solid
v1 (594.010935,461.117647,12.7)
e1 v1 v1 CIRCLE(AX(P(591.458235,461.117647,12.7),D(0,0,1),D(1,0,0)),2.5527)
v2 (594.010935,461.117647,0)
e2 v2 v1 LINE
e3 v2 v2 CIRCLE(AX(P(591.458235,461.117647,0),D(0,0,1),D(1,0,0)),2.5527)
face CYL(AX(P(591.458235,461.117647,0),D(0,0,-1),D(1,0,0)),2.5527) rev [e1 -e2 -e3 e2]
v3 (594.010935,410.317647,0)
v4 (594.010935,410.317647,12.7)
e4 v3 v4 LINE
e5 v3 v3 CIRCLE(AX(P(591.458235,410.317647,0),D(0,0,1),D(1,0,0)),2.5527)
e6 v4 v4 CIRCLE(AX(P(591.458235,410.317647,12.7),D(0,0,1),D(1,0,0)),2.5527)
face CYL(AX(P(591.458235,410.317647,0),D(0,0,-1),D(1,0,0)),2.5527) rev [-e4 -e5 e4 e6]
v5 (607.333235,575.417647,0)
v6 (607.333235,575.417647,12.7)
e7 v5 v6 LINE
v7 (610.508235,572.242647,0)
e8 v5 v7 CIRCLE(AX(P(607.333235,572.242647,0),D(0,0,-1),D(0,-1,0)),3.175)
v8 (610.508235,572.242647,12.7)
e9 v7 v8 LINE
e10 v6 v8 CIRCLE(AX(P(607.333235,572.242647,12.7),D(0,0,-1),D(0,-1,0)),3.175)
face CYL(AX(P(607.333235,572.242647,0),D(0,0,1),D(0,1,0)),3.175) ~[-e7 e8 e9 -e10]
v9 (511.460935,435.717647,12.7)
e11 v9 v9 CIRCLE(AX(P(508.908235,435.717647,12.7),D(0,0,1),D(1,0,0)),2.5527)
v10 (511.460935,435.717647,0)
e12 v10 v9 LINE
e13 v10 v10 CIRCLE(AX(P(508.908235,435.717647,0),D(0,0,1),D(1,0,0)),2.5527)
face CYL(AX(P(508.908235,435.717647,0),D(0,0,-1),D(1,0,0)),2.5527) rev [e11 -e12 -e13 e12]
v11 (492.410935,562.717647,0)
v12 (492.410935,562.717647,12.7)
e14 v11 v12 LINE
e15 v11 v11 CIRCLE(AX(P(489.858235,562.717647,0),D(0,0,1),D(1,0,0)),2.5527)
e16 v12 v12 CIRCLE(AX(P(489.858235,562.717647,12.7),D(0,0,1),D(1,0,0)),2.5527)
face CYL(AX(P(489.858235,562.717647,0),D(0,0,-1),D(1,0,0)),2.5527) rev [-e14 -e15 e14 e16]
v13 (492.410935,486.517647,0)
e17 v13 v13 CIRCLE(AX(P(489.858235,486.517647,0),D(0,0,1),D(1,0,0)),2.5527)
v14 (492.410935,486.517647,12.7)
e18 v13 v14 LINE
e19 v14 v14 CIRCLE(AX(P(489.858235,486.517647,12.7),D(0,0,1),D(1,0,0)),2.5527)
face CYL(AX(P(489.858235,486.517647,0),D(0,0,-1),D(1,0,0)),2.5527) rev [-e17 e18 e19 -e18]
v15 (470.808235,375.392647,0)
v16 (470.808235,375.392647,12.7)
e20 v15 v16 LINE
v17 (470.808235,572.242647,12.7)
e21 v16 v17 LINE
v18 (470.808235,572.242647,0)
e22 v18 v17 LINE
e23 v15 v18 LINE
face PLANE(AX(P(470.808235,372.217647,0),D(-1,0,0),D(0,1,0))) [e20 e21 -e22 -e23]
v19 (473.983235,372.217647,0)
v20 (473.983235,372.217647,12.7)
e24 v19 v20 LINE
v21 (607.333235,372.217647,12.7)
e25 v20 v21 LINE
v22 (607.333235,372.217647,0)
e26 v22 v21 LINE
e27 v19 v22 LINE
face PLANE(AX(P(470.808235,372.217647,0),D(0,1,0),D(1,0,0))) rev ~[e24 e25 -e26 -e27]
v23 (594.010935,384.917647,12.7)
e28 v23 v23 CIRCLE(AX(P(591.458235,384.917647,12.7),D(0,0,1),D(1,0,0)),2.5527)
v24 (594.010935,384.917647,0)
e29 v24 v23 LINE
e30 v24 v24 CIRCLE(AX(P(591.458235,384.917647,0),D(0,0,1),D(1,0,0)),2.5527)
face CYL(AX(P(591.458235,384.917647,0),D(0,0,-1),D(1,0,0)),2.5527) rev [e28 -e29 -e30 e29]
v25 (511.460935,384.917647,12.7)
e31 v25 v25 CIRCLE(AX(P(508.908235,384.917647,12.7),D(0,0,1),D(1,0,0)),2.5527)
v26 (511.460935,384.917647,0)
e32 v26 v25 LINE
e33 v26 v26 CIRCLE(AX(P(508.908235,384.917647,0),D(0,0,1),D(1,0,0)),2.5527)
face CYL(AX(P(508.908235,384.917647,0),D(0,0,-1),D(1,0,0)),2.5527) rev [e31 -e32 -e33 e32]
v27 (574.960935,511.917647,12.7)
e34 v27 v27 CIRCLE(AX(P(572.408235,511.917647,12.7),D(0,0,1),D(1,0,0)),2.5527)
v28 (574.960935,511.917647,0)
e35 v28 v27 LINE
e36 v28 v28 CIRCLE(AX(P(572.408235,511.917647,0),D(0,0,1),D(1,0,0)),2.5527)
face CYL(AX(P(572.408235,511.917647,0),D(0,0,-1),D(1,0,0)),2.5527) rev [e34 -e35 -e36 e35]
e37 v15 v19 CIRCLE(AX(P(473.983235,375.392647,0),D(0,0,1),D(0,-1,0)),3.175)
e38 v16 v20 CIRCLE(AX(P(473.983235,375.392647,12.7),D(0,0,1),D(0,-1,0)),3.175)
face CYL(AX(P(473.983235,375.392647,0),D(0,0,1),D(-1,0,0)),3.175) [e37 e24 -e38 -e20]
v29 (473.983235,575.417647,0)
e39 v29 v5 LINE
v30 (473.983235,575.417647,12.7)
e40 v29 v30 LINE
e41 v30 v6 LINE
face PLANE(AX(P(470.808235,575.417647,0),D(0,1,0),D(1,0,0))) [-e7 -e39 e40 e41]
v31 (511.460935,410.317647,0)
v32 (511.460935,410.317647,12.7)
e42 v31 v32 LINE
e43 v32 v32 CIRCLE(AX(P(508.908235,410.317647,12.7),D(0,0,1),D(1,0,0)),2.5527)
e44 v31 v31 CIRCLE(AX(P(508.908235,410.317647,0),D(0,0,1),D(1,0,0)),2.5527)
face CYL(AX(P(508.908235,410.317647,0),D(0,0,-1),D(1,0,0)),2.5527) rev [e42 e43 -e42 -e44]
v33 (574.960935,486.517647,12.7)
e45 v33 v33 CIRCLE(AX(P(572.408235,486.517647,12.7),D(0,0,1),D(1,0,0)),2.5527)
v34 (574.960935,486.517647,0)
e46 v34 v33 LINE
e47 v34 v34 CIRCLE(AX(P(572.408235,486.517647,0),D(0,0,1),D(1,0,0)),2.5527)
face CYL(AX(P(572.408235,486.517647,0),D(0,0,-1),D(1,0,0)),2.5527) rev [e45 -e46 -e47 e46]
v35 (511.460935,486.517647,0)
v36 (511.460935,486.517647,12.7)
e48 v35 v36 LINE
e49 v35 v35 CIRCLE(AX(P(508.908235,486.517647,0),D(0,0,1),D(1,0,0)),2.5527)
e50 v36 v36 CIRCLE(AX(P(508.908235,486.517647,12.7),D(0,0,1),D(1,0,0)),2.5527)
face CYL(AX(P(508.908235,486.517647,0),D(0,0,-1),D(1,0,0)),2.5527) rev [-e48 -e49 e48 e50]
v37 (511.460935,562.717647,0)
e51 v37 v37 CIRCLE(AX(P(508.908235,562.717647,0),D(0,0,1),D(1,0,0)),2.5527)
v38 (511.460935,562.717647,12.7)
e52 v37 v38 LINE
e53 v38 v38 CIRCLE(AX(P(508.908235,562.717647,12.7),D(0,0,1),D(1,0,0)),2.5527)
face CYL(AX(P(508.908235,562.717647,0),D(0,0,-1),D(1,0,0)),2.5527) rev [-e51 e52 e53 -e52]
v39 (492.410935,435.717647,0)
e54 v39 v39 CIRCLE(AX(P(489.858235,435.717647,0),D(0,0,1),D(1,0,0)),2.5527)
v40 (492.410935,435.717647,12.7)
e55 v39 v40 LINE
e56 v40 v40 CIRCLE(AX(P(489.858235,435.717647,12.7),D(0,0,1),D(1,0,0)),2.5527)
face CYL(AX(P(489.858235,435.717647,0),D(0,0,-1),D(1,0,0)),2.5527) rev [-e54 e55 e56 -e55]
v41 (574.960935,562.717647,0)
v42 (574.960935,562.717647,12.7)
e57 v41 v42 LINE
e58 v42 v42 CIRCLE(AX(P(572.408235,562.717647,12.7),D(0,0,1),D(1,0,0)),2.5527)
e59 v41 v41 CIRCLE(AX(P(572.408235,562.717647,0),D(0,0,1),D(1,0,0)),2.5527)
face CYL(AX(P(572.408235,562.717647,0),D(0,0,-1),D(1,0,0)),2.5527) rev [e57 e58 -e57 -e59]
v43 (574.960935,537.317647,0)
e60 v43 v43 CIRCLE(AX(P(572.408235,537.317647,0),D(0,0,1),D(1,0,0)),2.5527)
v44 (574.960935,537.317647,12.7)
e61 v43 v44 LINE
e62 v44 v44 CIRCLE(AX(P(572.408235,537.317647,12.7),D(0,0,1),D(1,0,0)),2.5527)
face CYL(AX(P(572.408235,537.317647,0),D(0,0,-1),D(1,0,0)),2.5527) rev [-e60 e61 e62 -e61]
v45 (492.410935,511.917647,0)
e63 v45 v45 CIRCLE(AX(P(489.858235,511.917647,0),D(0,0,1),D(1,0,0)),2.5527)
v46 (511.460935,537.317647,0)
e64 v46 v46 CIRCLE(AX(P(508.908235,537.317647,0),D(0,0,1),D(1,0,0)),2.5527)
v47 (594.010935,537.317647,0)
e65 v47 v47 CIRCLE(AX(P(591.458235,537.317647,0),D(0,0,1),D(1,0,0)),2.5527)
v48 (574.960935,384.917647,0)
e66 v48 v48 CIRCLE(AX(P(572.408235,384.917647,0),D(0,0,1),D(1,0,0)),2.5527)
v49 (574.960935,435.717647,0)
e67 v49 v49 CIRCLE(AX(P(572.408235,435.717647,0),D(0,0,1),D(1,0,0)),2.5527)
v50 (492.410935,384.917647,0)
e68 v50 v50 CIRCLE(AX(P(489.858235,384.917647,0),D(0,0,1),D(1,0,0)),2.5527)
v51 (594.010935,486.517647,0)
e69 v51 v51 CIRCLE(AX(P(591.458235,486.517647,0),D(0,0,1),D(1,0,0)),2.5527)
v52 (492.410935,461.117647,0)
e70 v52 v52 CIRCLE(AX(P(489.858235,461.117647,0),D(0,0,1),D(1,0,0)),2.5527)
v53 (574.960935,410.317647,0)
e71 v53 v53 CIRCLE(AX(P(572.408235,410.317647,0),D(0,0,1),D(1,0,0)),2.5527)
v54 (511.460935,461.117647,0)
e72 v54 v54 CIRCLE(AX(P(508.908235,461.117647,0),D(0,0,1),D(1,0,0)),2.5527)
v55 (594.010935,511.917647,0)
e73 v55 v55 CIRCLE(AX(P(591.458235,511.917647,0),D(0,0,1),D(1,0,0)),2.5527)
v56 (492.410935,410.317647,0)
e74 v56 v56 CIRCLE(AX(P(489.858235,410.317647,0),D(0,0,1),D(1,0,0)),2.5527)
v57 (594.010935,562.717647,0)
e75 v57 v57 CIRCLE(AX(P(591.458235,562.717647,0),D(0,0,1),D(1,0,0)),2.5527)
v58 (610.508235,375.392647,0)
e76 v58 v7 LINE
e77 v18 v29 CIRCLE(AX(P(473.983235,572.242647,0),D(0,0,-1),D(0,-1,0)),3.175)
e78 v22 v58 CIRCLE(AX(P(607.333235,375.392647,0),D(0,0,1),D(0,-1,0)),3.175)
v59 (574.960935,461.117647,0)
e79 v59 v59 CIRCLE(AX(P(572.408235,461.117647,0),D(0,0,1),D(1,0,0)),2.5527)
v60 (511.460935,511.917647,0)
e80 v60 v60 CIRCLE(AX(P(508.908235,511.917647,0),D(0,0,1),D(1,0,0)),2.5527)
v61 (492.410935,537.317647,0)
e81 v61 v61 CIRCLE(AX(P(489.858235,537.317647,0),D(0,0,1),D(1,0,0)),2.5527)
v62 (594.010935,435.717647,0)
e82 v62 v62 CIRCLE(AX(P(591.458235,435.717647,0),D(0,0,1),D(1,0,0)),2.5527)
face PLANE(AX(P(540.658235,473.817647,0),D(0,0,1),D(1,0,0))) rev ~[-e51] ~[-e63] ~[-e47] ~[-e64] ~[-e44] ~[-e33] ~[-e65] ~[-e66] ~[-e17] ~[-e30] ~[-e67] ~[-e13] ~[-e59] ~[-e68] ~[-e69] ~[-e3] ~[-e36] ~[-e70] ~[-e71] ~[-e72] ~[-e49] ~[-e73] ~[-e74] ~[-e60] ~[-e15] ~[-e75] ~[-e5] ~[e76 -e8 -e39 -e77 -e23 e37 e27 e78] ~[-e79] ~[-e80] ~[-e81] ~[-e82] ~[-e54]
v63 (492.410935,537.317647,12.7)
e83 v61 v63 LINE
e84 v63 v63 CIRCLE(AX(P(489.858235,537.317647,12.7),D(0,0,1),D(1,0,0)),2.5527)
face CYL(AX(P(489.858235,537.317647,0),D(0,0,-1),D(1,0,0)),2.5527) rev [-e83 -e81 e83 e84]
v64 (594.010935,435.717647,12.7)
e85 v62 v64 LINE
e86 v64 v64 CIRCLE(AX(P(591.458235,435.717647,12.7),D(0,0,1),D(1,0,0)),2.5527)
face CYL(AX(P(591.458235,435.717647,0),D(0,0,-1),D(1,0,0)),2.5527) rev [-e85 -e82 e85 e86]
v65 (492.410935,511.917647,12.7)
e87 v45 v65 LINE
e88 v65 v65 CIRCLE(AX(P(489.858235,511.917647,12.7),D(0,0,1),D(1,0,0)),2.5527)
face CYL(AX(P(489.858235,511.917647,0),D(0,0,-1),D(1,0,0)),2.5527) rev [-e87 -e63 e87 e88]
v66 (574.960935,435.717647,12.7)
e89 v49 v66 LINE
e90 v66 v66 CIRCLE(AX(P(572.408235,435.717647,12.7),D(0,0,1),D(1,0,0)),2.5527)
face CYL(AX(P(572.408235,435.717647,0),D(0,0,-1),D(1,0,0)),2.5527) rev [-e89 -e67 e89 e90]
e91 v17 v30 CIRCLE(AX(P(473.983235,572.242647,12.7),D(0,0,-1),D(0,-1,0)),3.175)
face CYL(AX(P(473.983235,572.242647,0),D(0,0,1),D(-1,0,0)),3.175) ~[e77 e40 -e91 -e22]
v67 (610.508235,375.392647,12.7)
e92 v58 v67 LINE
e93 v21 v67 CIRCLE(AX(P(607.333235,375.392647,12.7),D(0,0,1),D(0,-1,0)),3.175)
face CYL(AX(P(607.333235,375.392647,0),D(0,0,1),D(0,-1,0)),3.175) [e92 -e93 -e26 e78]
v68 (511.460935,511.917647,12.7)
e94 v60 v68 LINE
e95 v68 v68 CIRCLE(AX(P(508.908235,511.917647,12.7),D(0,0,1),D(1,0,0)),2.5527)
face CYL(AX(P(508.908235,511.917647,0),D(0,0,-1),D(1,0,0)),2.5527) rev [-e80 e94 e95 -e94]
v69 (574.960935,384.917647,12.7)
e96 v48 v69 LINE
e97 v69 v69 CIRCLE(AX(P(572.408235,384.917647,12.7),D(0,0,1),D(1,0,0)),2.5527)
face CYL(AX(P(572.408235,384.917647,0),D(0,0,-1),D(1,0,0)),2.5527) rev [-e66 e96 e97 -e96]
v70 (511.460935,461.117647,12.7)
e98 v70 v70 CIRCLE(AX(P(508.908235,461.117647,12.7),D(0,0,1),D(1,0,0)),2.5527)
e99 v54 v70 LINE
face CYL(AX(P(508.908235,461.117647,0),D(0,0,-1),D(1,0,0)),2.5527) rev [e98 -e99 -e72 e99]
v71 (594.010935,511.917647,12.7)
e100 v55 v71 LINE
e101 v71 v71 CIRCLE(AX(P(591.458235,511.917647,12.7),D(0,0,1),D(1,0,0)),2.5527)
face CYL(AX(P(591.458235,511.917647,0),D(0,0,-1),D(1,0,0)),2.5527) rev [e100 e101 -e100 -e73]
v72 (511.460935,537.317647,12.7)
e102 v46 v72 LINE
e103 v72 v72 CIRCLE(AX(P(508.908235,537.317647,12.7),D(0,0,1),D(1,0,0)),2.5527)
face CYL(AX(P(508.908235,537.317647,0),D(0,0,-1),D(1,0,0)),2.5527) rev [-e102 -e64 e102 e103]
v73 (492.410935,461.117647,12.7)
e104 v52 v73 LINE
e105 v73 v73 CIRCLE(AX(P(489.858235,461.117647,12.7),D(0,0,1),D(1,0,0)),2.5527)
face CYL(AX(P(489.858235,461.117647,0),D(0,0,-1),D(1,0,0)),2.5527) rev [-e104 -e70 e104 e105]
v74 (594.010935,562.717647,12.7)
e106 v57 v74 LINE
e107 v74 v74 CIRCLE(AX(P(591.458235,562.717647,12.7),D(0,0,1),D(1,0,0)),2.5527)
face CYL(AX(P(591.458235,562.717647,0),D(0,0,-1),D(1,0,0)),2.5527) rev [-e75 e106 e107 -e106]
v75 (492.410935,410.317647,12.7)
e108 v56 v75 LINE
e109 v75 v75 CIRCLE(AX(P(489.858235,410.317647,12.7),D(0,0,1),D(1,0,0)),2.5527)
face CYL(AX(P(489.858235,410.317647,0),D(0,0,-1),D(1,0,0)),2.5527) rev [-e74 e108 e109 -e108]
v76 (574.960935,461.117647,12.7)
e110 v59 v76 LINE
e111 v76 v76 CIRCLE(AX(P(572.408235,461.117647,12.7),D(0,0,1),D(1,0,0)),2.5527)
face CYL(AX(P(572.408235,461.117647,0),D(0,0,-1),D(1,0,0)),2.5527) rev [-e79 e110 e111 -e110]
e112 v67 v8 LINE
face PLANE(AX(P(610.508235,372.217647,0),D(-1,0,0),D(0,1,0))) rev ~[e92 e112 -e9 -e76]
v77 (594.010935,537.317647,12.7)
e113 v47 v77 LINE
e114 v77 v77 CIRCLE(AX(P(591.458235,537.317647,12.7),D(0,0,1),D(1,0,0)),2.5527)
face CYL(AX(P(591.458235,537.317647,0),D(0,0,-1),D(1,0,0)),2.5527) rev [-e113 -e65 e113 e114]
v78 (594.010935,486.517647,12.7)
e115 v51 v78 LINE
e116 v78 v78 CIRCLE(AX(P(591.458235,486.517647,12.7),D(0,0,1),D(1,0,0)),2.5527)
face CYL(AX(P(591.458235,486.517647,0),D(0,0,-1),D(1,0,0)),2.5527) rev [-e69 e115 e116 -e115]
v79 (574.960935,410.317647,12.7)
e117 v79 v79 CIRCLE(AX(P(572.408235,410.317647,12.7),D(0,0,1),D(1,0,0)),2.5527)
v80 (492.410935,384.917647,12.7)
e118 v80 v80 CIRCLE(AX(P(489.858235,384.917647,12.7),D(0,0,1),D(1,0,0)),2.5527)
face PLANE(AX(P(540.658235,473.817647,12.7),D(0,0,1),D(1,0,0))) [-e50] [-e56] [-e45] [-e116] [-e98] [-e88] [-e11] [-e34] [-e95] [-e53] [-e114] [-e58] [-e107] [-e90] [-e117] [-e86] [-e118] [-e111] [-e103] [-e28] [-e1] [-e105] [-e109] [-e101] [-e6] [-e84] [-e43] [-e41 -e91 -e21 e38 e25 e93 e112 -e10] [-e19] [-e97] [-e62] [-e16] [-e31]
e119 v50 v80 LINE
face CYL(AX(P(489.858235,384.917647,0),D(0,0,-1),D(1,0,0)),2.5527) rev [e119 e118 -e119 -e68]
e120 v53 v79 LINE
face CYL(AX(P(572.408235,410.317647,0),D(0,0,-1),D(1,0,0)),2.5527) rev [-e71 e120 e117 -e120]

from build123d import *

# Parameters (mm, degrees)
MODEL_W             = 139.7
MODEL_H             = 203.2
MODEL_R             = 2.5527
BOSS_EXTRUDE1_DEPTH = 12.7
FILLET1_R           = 3.175


with BuildPart() as part:
    # Model → Boss-Extrude1 (new body)
    with BuildSketch(Plane.XY):
        with Locations((540.658235294, 473.817647059)):
            Rectangle(MODEL_W, MODEL_H)
        with Locations((591.458235294, 562.717647059)):
            Circle(MODEL_R, mode=Mode.SUBTRACT)
        with Locations((591.458235294, 486.517647059)):
            Circle(MODEL_R, mode=Mode.SUBTRACT)
        with Locations((489.858235294, 486.517647059)):
            Circle(MODEL_R, mode=Mode.SUBTRACT)
        with Locations((489.858235294, 562.717647059)):
            Circle(MODEL_R, mode=Mode.SUBTRACT)
        with Locations((591.458235294, 537.317647059)):
            Circle(MODEL_R, mode=Mode.SUBTRACT)
        with Locations((489.858235294, 537.317647059)):
            Circle(MODEL_R, mode=Mode.SUBTRACT)
        with Locations((591.458235294, 511.917647059)):
            Circle(MODEL_R, mode=Mode.SUBTRACT)
        with Locations((489.858235294, 511.917647059)):
            Circle(MODEL_R, mode=Mode.SUBTRACT)
        with Locations((508.908235294, 486.517647059)):
            Circle(MODEL_R, mode=Mode.SUBTRACT)
        with Locations((508.908235294, 562.717647059)):
            Circle(MODEL_R, mode=Mode.SUBTRACT)
        with Locations((508.908235294, 537.317647059)):
            Circle(MODEL_R, mode=Mode.SUBTRACT)
        with Locations((508.908235294, 511.917647059)):
            Circle(MODEL_R, mode=Mode.SUBTRACT)
        with Locations((572.408235294, 562.717647059)):
            Circle(MODEL_R, mode=Mode.SUBTRACT)
        with Locations((572.408235294, 486.517647059)):
            Circle(MODEL_R, mode=Mode.SUBTRACT)
        with Locations((572.408235294, 537.317647059)):
            Circle(MODEL_R, mode=Mode.SUBTRACT)
        with Locations((572.408235294, 511.917647059)):
            Circle(MODEL_R, mode=Mode.SUBTRACT)
        with Locations((591.458235294, 410.317647059)):
            Circle(MODEL_R, mode=Mode.SUBTRACT)
        with Locations((489.858235294, 410.317647059)):
            Circle(MODEL_R, mode=Mode.SUBTRACT)
        with Locations((591.458235294, 435.717647059)):
            Circle(MODEL_R, mode=Mode.SUBTRACT)
        with Locations((489.858235294, 435.717647059)):
            Circle(MODEL_R, mode=Mode.SUBTRACT)
        with Locations((508.908235294, 410.317647059)):
            Circle(MODEL_R, mode=Mode.SUBTRACT)
        with Locations((508.908235294, 435.717647059)):
            Circle(MODEL_R, mode=Mode.SUBTRACT)
        with Locations((572.408235294, 410.317647059)):
            Circle(MODEL_R, mode=Mode.SUBTRACT)
        with Locations((572.408235294, 435.717647059)):
            Circle(MODEL_R, mode=Mode.SUBTRACT)
        with Locations((591.458235294, 384.917647059)):
            Circle(MODEL_R, mode=Mode.SUBTRACT)
        with Locations((489.858235294, 384.917647059)):
            Circle(MODEL_R, mode=Mode.SUBTRACT)
        with Locations((508.908235294, 384.917647059)):
            Circle(MODEL_R, mode=Mode.SUBTRACT)
        with Locations((572.408235294, 384.917647059)):
            Circle(MODEL_R, mode=Mode.SUBTRACT)
        with Locations((591.458235294, 461.117647059)):
            Circle(MODEL_R, mode=Mode.SUBTRACT)
        with Locations((489.858235294, 461.117647059)):
            Circle(MODEL_R, mode=Mode.SUBTRACT)
        with Locations((508.908235294, 461.117647059)):
            Circle(MODEL_R, mode=Mode.SUBTRACT)
        with Locations((572.408235294, 461.117647059)):
            Circle(MODEL_R, mode=Mode.SUBTRACT)
    extrude(amount=BOSS_EXTRUDE1_DEPTH)

    # Fillet1
    fillet1_edges = [part.edges().sort_by_distance(p)[0] for p in [
        (610.508235294, 372.217647059, 6.35),
        (470.808235294, 372.217647059, 6.35),
        (470.808235294, 575.417647059, 6.35),
        (610.508235294, 575.417647059, 6.35),
    ]]
    fillet(fillet1_edges, radius=FILLET1_R)


solid = part.part
